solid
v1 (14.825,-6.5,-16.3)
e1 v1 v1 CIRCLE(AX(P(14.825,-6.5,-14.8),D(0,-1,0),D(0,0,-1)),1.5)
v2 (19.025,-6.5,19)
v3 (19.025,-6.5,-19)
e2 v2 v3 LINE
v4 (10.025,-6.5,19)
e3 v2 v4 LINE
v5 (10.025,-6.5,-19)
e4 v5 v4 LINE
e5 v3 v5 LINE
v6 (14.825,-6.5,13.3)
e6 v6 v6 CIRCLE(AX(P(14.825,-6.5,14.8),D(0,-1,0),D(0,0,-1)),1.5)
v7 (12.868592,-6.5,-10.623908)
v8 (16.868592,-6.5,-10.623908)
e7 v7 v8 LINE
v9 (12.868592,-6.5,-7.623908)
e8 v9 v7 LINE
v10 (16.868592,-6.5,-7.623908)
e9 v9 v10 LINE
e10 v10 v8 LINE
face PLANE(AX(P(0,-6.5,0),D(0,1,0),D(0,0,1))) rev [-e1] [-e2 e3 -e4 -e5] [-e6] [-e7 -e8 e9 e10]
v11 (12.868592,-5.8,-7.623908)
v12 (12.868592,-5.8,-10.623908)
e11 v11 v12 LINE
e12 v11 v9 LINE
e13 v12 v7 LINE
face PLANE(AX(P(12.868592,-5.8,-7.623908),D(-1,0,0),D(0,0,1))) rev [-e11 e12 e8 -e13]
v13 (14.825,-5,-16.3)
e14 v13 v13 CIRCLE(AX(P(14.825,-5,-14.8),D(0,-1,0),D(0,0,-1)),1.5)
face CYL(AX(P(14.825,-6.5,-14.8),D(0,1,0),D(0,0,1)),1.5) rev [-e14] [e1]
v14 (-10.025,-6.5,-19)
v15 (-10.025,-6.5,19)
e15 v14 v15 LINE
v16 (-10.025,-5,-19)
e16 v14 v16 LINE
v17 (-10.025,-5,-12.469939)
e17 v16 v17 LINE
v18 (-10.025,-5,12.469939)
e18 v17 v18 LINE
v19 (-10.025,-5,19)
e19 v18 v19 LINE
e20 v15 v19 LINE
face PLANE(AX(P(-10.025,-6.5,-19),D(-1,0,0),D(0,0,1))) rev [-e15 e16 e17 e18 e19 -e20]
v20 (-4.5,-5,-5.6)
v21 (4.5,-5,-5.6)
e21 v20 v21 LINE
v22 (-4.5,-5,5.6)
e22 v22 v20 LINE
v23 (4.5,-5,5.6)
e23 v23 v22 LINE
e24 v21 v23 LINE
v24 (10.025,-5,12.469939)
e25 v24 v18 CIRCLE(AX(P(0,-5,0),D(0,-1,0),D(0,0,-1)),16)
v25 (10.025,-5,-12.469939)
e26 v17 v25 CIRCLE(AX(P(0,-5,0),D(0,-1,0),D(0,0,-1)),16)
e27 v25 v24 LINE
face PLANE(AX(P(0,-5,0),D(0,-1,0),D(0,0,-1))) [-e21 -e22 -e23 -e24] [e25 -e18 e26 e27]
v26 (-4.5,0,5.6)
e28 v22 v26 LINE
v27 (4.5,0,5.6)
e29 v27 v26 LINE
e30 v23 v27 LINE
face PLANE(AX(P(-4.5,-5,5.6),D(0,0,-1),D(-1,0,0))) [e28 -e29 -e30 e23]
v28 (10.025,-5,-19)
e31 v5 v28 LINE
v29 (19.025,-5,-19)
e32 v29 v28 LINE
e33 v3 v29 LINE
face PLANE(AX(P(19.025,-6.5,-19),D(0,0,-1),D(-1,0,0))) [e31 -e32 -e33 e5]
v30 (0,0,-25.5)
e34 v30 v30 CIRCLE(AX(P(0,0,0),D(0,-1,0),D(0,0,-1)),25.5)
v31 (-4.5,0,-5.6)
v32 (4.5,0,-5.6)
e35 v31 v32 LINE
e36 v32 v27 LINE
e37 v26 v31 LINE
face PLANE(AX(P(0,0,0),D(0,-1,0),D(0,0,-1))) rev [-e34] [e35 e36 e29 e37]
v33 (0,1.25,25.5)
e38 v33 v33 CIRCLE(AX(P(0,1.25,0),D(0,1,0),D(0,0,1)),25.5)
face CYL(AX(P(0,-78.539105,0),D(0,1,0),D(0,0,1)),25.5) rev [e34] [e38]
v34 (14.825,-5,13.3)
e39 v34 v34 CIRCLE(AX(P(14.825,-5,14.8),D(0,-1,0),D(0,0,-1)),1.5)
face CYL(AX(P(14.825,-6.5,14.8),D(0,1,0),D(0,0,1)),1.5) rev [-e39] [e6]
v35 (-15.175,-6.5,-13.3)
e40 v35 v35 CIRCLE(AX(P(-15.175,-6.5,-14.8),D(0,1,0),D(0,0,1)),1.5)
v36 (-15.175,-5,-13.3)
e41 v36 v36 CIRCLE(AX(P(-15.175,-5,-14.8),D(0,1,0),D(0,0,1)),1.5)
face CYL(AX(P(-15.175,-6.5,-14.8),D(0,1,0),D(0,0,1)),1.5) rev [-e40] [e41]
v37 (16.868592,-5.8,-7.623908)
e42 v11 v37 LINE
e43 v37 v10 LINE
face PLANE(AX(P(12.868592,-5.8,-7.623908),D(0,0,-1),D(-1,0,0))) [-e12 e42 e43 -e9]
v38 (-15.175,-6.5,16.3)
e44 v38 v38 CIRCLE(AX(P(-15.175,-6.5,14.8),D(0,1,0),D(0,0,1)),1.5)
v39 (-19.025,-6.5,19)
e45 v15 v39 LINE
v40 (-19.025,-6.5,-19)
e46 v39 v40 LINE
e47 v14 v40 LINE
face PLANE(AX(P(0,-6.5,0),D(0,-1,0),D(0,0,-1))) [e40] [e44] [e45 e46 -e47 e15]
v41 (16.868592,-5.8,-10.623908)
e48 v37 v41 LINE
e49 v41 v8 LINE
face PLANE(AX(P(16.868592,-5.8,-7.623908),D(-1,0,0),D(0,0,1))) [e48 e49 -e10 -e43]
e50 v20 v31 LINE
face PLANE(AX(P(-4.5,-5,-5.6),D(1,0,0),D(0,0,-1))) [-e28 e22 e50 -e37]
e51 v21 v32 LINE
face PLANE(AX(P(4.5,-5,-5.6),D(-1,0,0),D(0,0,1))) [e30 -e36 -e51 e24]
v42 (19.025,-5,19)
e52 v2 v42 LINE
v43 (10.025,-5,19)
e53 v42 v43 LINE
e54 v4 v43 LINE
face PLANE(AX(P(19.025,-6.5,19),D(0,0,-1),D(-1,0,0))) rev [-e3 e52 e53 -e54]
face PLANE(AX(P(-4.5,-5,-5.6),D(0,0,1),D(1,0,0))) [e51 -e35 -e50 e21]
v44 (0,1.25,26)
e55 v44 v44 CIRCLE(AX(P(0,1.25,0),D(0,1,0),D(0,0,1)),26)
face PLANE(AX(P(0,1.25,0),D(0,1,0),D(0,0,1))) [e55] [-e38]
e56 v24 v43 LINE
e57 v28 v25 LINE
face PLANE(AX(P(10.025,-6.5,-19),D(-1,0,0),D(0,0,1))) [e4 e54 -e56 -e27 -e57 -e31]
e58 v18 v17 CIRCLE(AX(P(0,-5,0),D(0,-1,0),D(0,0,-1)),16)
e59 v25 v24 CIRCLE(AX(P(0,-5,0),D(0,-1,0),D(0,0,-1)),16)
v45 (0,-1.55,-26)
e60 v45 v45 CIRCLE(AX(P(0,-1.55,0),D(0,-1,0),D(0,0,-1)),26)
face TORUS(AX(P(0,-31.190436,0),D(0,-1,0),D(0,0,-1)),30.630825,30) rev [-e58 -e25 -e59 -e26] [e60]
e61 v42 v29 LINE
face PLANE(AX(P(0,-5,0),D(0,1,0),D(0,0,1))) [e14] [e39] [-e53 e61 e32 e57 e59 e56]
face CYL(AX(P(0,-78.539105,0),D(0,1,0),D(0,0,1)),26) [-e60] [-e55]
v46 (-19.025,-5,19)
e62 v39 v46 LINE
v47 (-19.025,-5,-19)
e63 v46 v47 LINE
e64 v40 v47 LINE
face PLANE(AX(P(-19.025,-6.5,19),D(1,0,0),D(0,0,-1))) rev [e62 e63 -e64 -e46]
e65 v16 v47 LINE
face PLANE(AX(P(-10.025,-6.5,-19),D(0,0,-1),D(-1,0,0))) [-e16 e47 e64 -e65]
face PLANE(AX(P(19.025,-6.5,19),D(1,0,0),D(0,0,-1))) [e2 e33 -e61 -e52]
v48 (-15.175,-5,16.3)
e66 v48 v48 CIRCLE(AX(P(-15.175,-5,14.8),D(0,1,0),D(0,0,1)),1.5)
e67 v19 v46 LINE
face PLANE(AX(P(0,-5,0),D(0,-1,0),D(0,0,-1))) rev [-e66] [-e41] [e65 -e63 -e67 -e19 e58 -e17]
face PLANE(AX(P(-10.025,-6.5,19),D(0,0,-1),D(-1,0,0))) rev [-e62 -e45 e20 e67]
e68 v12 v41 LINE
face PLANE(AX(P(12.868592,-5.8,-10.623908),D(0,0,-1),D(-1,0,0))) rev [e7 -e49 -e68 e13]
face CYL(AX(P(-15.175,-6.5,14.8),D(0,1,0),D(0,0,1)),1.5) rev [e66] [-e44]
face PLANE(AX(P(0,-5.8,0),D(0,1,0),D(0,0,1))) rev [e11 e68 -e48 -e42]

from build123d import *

# Parameters (mm, degrees)
SKETCH7_R             = 25.5
SKETCH7_W             = 9
SKETCH7_H             = 11.2
LENS_SPACER_DEPTH     = 5
SKETCH5_W             = 9
SKETCH5_H             = 38
SKETCH5_R             = 1.5
ATTACHMENT_LEGS_DEPTH = 1.5
LENS_START            = -5
SKETCH8_R             = 26
SKETCH8_R_2           = 25.5
LENS_POSITIONER_DEPTH = 6.25
SKETCH11_W            = 4
SKETCH11_H            = 3
NODE_HOLE_DEPTH       = 0.7


with BuildPart() as part:
    # Sketch7 → Lens Spacer (new body)
    with BuildSketch(Plane.XZ):
        Circle(SKETCH7_R)
        Rectangle(SKETCH7_W, SKETCH7_H, mode=Mode.SUBTRACT)
    extrude(amount=LENS_SPACER_DEPTH)

    # Sketch5 → Attachment Legs (add)
    with BuildSketch(Plane(origin=(0, -5, 0), x_dir=(-1, 0, 0), z_dir=(0, -1, 0))):
        with Locations((-14.525, 0)):
            Rectangle(SKETCH5_W, SKETCH5_H)
        with Locations((-14.825, 14.8)):
            Circle(SKETCH5_R, mode=Mode.SUBTRACT)
        with Locations((-14.825, -14.8)):
            Circle(SKETCH5_R, mode=Mode.SUBTRACT)
        with Locations((14.525, 0)):
            Rectangle(SKETCH5_W, SKETCH5_H)
        with Locations((15.175, -14.8)):
            Circle(SKETCH5_R, mode=Mode.SUBTRACT)
        with Locations((15.175, 14.8)):
            Circle(SKETCH5_R, mode=Mode.SUBTRACT)
    extrude(amount=ATTACHMENT_LEGS_DEPTH)

    # Sketch8 → Lens Positioner (add)
    with BuildSketch(Plane(origin=(0, 0, 0), x_dir=(1, 0, 0), z_dir=(0, 1, 0)).offset(LENS_START)):
        Circle(SKETCH8_R)
        Circle(SKETCH8_R_2, mode=Mode.SUBTRACT)
    extrude(amount=LENS_POSITIONER_DEPTH)

    # Sketch11 → Node Hole (cut)
    with BuildSketch(Plane.XZ.offset(6.5)):
        with Locations((14.868591599, -9.123908481)):
            Rectangle(SKETCH11_W, SKETCH11_H)
    extrude(amount=-NODE_HOLE_DEPTH, mode=Mode.SUBTRACT)

    # Sketch13 → Cut-Revolve1 (revolve, cut)
    with BuildSketch(Plane.XY):
        with BuildLine():
            ThreePointArc((-16, -5), (-20.846735107, -2.830753933), (-26, -1.55))
            Line((-26, -1.55), (-26, -5))
            Line((-26, -5), (-16, -5))
        make_face()
        with BuildLine():
            Line((-23.315412737, -5), (-16, -5))
            ThreePointArc((-16, -5), (-19.657706368, -4.047609039), (-23.315412737, -5))
        make_face()
    revolve(axis=Axis((0, -78.539105243, 0), (0, 1, 0)), mode=Mode.SUBTRACT)


solid = part.part
